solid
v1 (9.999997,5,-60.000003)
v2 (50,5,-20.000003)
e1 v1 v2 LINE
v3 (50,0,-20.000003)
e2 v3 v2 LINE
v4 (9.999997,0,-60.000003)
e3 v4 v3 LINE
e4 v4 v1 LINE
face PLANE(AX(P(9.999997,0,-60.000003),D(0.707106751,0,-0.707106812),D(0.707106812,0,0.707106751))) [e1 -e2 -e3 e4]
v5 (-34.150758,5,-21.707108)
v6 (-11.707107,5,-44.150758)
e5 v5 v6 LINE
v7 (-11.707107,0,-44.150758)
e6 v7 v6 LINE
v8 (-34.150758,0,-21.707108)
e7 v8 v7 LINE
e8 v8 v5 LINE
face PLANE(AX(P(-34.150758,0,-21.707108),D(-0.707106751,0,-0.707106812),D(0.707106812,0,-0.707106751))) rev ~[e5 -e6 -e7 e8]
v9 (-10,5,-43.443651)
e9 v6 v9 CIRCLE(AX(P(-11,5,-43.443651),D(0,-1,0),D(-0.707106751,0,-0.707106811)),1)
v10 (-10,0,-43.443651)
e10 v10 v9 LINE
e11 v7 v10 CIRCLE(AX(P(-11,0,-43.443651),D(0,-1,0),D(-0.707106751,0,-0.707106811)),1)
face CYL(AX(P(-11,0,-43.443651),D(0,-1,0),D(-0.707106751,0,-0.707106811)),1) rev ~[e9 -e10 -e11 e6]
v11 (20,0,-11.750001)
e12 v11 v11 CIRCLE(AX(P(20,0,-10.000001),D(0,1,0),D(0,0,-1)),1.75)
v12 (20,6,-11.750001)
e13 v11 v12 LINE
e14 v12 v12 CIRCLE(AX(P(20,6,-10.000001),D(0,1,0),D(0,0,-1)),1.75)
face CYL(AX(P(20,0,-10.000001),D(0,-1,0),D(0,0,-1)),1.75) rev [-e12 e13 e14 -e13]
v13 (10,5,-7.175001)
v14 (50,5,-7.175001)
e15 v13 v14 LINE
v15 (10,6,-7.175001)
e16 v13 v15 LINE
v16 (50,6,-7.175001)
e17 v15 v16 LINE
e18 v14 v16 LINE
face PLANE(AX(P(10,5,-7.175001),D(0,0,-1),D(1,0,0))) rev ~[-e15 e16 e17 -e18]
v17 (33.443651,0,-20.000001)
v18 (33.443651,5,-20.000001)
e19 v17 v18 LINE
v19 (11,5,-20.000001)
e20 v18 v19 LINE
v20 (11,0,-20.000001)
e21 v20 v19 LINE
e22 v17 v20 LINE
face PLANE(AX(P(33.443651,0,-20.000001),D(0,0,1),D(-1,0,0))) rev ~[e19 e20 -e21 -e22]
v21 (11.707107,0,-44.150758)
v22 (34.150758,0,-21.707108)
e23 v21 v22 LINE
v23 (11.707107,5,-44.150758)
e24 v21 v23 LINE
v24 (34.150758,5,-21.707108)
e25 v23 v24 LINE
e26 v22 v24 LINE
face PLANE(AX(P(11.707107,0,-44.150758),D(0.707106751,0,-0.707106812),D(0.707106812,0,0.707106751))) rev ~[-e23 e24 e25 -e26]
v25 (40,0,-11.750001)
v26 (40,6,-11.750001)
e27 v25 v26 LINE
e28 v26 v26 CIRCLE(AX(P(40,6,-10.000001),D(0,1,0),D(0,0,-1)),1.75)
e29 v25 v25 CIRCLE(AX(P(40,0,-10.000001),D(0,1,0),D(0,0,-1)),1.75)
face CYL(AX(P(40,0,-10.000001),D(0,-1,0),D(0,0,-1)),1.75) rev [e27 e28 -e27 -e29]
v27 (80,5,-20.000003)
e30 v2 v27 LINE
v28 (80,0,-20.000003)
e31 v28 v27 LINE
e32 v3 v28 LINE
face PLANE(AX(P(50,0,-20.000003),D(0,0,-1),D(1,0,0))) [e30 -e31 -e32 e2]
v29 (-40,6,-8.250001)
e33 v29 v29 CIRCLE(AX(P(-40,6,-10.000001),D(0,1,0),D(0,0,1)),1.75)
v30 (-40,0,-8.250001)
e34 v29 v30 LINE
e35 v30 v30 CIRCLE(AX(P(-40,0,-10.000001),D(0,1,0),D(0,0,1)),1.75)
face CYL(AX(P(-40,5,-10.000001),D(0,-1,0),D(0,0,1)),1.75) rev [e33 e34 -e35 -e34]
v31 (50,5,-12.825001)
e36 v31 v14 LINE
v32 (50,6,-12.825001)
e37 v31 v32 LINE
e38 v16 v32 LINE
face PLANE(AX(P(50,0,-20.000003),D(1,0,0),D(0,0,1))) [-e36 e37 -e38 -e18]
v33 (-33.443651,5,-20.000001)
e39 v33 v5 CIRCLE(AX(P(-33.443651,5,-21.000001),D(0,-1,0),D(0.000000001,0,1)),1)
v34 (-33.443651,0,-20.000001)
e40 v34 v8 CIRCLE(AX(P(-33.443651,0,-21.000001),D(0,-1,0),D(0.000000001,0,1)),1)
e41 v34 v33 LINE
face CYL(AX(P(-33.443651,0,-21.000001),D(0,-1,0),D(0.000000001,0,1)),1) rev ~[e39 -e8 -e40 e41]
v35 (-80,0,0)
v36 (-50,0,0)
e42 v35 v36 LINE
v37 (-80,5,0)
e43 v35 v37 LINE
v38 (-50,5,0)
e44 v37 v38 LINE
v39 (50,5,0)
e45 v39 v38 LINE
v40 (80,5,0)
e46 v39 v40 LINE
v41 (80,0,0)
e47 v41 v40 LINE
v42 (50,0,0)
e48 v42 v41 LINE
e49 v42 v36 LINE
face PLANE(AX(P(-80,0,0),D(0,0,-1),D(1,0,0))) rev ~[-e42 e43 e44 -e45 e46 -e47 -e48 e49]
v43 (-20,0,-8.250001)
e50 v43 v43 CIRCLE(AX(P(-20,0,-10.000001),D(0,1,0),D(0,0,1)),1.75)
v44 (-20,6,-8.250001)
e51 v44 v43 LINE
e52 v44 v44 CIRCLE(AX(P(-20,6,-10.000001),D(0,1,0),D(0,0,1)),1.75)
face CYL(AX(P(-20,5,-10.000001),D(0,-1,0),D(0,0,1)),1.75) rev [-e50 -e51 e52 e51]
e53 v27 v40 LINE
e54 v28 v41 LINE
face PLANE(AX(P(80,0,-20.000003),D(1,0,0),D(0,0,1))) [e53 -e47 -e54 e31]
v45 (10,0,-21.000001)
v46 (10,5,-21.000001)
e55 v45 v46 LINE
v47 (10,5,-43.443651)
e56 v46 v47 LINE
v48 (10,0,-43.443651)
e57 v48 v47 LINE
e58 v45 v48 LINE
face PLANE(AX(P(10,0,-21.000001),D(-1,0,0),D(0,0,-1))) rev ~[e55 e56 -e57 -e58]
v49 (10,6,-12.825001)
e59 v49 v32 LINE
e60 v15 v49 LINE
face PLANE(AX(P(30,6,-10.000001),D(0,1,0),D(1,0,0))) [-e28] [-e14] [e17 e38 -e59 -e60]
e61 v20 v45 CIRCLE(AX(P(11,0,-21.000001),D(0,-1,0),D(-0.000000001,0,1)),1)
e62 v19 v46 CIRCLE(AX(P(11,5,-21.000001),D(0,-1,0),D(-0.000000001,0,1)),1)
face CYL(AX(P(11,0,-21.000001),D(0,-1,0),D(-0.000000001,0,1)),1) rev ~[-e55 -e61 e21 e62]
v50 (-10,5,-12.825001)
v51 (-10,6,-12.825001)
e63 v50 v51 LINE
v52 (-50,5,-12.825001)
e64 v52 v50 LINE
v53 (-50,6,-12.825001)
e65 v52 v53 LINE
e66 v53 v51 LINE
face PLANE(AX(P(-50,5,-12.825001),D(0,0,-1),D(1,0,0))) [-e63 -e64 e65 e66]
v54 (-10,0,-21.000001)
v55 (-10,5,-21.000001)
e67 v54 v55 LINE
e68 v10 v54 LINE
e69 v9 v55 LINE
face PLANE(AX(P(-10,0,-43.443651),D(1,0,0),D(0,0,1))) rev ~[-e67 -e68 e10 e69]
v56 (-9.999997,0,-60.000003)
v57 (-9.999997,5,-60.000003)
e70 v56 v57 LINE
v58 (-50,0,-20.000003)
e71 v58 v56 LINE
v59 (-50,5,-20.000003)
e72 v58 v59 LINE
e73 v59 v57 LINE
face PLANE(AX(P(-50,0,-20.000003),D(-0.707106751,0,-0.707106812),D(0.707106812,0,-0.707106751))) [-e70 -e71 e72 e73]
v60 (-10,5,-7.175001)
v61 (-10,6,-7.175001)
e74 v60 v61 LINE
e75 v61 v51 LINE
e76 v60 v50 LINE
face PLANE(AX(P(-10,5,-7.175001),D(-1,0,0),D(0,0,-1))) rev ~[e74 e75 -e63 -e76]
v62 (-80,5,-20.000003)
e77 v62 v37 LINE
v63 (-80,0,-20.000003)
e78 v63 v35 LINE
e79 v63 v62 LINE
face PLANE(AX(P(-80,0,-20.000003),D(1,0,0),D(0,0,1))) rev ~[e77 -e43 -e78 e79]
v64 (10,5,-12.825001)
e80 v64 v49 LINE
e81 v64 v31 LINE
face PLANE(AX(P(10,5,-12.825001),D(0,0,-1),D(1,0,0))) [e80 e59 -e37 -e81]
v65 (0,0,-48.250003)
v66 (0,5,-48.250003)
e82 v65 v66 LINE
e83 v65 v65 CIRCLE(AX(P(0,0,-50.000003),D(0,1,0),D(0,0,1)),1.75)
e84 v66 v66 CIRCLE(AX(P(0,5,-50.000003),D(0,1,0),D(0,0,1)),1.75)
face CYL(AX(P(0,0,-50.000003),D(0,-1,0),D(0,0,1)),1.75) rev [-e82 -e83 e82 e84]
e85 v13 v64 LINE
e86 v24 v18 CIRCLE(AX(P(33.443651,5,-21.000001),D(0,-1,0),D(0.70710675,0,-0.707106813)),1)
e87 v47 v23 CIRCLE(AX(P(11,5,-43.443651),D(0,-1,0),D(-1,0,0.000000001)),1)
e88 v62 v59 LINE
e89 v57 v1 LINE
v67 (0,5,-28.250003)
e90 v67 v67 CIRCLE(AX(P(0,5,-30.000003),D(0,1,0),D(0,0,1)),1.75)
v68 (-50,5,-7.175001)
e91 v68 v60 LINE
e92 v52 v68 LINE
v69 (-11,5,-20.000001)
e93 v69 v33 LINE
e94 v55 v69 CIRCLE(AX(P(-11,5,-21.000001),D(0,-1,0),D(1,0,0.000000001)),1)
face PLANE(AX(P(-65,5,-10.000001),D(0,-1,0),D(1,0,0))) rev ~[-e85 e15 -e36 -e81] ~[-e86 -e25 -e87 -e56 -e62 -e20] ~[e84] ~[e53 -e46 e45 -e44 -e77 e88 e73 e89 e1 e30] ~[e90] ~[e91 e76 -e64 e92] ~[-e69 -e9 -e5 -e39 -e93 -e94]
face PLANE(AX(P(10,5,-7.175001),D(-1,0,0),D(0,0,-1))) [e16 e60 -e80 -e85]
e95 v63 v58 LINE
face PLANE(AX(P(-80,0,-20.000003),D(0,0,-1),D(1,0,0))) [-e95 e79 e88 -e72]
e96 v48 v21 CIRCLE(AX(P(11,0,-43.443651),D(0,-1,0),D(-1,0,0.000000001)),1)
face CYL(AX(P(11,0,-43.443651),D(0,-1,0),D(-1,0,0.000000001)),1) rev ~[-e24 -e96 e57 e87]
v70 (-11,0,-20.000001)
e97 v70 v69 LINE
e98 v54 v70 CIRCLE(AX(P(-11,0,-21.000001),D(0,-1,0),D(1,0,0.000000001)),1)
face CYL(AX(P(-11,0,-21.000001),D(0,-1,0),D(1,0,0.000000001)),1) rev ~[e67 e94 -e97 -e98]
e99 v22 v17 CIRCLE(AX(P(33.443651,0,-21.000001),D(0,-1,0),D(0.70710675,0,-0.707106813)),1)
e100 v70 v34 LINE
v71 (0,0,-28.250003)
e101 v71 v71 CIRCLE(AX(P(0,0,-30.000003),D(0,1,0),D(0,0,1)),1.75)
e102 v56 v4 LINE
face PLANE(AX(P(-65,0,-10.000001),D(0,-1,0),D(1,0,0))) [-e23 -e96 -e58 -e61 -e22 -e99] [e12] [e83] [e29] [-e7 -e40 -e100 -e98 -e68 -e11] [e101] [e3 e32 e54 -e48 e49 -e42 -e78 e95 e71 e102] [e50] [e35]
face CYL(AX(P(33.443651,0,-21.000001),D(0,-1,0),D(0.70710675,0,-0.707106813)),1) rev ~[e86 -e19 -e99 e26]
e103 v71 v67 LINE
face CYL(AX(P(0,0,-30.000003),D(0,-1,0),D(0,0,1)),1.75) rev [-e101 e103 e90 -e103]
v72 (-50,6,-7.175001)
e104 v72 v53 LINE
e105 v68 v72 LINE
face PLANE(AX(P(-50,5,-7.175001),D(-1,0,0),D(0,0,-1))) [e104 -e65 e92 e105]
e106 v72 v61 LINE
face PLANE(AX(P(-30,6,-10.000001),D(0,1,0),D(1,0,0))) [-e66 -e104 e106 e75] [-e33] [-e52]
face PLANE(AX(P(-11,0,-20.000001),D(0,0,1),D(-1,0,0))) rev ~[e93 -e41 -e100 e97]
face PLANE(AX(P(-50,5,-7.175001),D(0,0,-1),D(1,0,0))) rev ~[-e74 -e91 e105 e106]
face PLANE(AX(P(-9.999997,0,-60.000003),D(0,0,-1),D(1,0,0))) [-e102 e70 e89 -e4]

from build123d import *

# Parameters (mm, degrees)
ESBO_O1_R                = 1.75
RESSALTO_EXTRUS_O1_DEPTH = 5
ESBO_O3_W                = 40
ESBO_O3_H                = 5.65
ESBO_O3_R                = 1.75
RESSALTO_EXTRUS_O2_DEPTH = 1
ESBO_O4_W                = 30
ESBO_O4_H                = 20.000002677
RESSALTO_EXTRUS_O3_DEPTH = 5


with BuildPart() as part:
    # Esboço1 → Ressalto-extrusão1 (new body)
    with BuildSketch(Plane(origin=(0, 0, 0), x_dir=(1, 0, 0), z_dir=(0, 1, 0))):
        Polygon((-50, 0), (-50, 20.000002677), (-9.999996661, 60.000002546), (9.999996661, 60.000002546), (50, 20.000002677), (50, 0), align=None)
        with Locations(Location((-40, 10.000001339, 0), (0, 0, 270))):
            Circle(ESBO_O1_R, mode=Mode.SUBTRACT)
        with Locations(Location((-20, 10.000001339, 0), (0, 0, 270))):
            Circle(ESBO_O1_R, mode=Mode.SUBTRACT)
        with Locations(Location((0, 50.000002546, 0), (0, 0, 270))):
            Circle(ESBO_O1_R, mode=Mode.SUBTRACT)
        with Locations(Location((0, 30.000002546, 0), (0, 0, 270))):
            Circle(ESBO_O1_R, mode=Mode.SUBTRACT)
        with Locations(Location((20, 10.000001339, 0), (0, 0, 90))):
            Circle(ESBO_O1_R, mode=Mode.SUBTRACT)
        with Locations(Location((40, 10.000001339, 0), (0, 0, 90))):
            Circle(ESBO_O1_R, mode=Mode.SUBTRACT)
        with BuildLine():
            Line((-10, 43.443650782), (-10, 21.000001339))
            ThreePointArc((-10, 21.000001339), (-10.292893219, 20.292894558), (-11, 20.000001339))
            Line((-11, 20.000001339), (-33.443651391, 20.000001339))
            ThreePointArc((-33.443651391, 20.000001339), (-34.367530932, 20.617317926), (-34.150758141, 21.707108151))
            Line((-34.150758141, 21.707108151), (-11.707106751, 44.150757594))
            ThreePointArc((-11.707106751, 44.150757594), (-10.617316548, 44.367530307), (-10, 43.443650782))
        make_face(mode=Mode.SUBTRACT)
        with BuildLine():
            Line((11.707106751, 44.150757594), (34.150758141, 21.707108151))
            ThreePointArc((34.150758141, 21.707108151), (34.367530932, 20.617317926), (33.443651391, 20.000001339))
            Line((33.443651391, 20.000001339), (11, 20.000001339))
            ThreePointArc((11, 20.000001339), (10.292893219, 20.292894558), (10, 21.000001339))
            Line((10, 21.000001339), (10, 43.443650782))
            ThreePointArc((10, 43.443650782), (10.617316548, 44.367530307), (11.707106751, 44.150757594))
        make_face(mode=Mode.SUBTRACT)
    extrude(amount=RESSALTO_EXTRUS_O1_DEPTH)

    # Esboço3 → Ressalto-extrusão2 (add)
    # profile 1 of 2: a face of its own
    with BuildSketch(Plane(origin=(0, 5, 0), x_dir=(1, 0, 0), z_dir=(0, 1, 0))):
        with Locations((-30, 10.000001339)):
            Rectangle(ESBO_O3_W, ESBO_O3_H)
        with Locations(Location((-40, 10.000001339, 0), (0, 0, 270))):
            Circle(ESBO_O3_R, mode=Mode.SUBTRACT)
        with Locations(Location((-20, 10.000001339, 0), (0, 0, 270))):
            Circle(ESBO_O3_R, mode=Mode.SUBTRACT)
    # profile 2 of 2: a face of its own
    with BuildSketch(Plane(origin=(0, 5, 0), x_dir=(1, 0, 0), z_dir=(0, 1, 0))):
        with Locations((30, 10.000001339)):
            Rectangle(ESBO_O3_W, ESBO_O3_H)
        with Locations(Location((20, 10.000001339, 0), (0, 0, 90))):
            Circle(ESBO_O3_R, mode=Mode.SUBTRACT)
        with Locations(Location((40, 10.000001339, 0), (0, 0, 90))):
            Circle(ESBO_O3_R, mode=Mode.SUBTRACT)
    extrude(amount=RESSALTO_EXTRUS_O2_DEPTH)

    # Esboço4 → Ressalto-extrusão3 (add)
    with BuildSketch(Plane.XZ):
        with Locations((-65, -10.000001339)):
            Rectangle(ESBO_O4_W, ESBO_O4_H)
        with Locations((65, -10.000001339)):
            Rectangle(ESBO_O4_W, ESBO_O4_H)
    extrude(amount=-RESSALTO_EXTRUS_O3_DEPTH)


solid = part.part
